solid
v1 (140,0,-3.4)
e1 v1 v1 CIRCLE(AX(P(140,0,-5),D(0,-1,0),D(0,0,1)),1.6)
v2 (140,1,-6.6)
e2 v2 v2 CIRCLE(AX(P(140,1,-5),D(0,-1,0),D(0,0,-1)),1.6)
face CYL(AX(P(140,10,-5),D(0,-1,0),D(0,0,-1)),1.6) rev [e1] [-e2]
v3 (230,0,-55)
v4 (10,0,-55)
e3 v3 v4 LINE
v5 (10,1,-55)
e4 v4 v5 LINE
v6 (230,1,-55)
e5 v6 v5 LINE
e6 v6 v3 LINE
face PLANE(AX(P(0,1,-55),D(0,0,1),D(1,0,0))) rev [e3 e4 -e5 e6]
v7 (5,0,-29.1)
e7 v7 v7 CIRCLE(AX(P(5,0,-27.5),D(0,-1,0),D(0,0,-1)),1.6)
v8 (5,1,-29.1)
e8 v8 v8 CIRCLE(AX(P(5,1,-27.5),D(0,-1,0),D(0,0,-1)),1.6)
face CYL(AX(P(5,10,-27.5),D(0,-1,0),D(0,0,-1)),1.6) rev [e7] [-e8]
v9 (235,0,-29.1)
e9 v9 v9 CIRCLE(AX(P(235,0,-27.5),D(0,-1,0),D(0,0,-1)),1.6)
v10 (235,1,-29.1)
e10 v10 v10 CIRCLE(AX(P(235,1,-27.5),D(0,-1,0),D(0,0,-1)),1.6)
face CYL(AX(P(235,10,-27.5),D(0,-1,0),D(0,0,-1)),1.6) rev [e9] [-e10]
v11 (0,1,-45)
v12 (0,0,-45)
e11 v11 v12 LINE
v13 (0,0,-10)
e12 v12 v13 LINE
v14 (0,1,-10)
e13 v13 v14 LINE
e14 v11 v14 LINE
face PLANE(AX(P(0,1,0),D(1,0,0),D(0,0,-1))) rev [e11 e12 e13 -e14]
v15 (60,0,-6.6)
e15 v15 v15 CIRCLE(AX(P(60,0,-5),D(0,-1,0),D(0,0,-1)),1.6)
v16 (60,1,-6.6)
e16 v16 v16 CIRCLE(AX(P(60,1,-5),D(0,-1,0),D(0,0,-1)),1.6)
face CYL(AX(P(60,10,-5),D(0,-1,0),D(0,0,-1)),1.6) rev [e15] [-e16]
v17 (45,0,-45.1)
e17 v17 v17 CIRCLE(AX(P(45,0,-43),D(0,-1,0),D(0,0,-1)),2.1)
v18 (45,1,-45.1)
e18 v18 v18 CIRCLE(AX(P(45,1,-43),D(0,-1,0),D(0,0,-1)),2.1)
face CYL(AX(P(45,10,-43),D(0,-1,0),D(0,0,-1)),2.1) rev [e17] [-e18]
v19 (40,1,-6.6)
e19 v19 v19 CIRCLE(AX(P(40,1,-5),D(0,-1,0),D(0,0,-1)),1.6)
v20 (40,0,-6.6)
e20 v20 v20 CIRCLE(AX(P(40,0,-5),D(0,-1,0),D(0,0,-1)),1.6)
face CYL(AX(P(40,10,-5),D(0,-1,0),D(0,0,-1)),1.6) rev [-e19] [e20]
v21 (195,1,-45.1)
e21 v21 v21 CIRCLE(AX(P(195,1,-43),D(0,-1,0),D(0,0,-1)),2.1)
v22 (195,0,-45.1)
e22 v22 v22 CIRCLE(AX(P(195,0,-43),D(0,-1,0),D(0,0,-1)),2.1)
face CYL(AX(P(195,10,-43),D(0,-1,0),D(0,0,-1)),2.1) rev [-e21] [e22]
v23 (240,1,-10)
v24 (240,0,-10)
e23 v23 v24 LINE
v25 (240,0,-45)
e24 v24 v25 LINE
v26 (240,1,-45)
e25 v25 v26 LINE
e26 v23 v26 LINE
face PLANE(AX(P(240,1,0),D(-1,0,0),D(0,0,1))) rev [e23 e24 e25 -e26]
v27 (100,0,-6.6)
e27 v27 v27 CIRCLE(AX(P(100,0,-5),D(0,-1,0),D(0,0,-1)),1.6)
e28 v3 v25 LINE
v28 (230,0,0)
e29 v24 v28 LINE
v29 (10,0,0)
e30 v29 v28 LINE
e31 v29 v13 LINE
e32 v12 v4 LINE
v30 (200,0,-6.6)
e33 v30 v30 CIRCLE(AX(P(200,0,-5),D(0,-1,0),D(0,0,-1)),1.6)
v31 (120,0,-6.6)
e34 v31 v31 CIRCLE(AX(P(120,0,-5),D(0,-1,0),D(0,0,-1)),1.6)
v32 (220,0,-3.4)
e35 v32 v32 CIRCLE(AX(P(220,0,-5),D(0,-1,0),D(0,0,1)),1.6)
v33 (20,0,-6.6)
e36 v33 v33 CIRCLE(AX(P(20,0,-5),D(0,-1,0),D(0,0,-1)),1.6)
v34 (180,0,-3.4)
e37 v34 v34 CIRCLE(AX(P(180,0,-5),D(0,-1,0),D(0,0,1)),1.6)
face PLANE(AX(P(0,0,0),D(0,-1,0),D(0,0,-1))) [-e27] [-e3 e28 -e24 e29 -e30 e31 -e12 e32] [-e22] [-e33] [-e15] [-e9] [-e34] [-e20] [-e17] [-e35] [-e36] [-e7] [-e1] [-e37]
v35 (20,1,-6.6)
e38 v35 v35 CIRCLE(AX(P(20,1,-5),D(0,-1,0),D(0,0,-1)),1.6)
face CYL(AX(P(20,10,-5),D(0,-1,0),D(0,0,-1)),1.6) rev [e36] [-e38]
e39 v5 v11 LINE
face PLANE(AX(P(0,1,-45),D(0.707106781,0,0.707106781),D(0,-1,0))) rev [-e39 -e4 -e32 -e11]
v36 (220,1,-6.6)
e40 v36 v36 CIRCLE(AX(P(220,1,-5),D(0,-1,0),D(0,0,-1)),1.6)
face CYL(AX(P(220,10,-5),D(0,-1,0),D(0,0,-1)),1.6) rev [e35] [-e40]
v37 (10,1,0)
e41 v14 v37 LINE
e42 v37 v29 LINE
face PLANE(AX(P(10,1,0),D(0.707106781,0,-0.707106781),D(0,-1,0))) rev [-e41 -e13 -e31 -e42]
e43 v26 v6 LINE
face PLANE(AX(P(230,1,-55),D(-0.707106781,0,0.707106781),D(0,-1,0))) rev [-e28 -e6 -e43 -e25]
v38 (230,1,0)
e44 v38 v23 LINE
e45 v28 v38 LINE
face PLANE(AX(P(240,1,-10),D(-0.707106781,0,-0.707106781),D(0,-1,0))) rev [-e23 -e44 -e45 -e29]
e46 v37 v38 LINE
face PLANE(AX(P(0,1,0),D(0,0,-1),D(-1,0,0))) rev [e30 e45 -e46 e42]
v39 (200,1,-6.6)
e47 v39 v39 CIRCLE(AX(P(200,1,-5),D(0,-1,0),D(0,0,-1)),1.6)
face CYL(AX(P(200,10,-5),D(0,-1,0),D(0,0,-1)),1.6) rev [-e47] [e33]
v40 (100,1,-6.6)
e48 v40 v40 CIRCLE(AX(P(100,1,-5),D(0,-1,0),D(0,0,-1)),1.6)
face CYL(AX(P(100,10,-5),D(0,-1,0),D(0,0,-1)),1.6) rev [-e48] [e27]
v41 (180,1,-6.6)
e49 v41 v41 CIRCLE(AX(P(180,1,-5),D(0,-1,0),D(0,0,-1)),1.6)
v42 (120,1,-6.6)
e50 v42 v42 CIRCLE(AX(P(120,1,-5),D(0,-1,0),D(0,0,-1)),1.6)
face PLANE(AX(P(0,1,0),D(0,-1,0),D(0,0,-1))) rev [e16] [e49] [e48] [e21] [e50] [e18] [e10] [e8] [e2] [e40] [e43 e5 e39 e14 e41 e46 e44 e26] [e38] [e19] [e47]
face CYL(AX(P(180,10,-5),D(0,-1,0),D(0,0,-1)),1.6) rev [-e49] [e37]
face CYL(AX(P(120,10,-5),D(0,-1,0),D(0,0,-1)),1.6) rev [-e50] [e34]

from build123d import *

# Parameters (mm, degrees)
SKETCH_1_W          = 240
SKETCH_1_H          = 55
EXTRUDE_1_DEPTH     = 1
CHAMFER_1_SIZE      = 10
SKETCH_2_R          = 2.1
SKETCH_2_R_2        = 1.6
CUT_EXTRUDE_1_DEPTH = 10


with BuildPart() as part:
    # 草图1 → 凸台-拉伸1 (new body)
    with BuildSketch(Plane(origin=(0, 0, 0), x_dir=(1, 0, 0), z_dir=(0, 1, 0))):
        with Locations((120, 27.5)):
            Rectangle(SKETCH_1_W, SKETCH_1_H)
    extrude(amount=EXTRUDE_1_DEPTH)

    # 倒角1
    chamfer_1_edges = [part.edges().sort_by_distance(p)[0] for p in [
        (0, 0.5, -55),
        (240, 0.5, -55),
        (240, 0.5, 0),
        (0, 0.5, 0),
    ]]
    chamfer(chamfer_1_edges, length=CHAMFER_1_SIZE)

    # 草图2 → 切除-拉伸1 (cut)
    with BuildSketch(Plane.XZ):
        with Locations(Location((195, -43, 0), (0, 0, 270))):
            Circle(SKETCH_2_R)
        with Locations(Location((45, -43, 0), (0, 0, 270))):
            Circle(SKETCH_2_R)
        with Locations(Location((235, -27.5, 0), (0, 0, 270))):
            Circle(SKETCH_2_R_2)
        with Locations(Location((5, -27.5, 0), (0, 0, 270))):
            Circle(SKETCH_2_R_2)
        with Locations(Location((20, -5, 0), (0, 0, 270))):
            Circle(SKETCH_2_R_2)
        with Locations(Location((60, -5, 0), (0, 0, 270))):
            Circle(SKETCH_2_R_2)
        with Locations(Location((100, -5, 0), (0, 0, 270))):
            Circle(SKETCH_2_R_2)
        with Locations(Location((140, -5, 0), (0, 0, 270))):
            Circle(SKETCH_2_R_2)
        with Locations(Location((180, -5, 0), (0, 0, 270))):
            Circle(SKETCH_2_R_2)
        with Locations(Location((220, -5, 0), (0, 0, 270))):
            Circle(SKETCH_2_R_2)
        with Locations(Location((40, -5, 0), (0, 0, 270))):
            Circle(SKETCH_2_R_2)
        with Locations(Location((120, -5, 0), (0, 0, 270))):
            Circle(SKETCH_2_R_2)
        with Locations(Location((200, -5, 0), (0, 0, 270))):
            Circle(SKETCH_2_R_2)
    extrude(amount=-CUT_EXTRUDE_1_DEPTH, mode=Mode.SUBTRACT)


solid = part.part
